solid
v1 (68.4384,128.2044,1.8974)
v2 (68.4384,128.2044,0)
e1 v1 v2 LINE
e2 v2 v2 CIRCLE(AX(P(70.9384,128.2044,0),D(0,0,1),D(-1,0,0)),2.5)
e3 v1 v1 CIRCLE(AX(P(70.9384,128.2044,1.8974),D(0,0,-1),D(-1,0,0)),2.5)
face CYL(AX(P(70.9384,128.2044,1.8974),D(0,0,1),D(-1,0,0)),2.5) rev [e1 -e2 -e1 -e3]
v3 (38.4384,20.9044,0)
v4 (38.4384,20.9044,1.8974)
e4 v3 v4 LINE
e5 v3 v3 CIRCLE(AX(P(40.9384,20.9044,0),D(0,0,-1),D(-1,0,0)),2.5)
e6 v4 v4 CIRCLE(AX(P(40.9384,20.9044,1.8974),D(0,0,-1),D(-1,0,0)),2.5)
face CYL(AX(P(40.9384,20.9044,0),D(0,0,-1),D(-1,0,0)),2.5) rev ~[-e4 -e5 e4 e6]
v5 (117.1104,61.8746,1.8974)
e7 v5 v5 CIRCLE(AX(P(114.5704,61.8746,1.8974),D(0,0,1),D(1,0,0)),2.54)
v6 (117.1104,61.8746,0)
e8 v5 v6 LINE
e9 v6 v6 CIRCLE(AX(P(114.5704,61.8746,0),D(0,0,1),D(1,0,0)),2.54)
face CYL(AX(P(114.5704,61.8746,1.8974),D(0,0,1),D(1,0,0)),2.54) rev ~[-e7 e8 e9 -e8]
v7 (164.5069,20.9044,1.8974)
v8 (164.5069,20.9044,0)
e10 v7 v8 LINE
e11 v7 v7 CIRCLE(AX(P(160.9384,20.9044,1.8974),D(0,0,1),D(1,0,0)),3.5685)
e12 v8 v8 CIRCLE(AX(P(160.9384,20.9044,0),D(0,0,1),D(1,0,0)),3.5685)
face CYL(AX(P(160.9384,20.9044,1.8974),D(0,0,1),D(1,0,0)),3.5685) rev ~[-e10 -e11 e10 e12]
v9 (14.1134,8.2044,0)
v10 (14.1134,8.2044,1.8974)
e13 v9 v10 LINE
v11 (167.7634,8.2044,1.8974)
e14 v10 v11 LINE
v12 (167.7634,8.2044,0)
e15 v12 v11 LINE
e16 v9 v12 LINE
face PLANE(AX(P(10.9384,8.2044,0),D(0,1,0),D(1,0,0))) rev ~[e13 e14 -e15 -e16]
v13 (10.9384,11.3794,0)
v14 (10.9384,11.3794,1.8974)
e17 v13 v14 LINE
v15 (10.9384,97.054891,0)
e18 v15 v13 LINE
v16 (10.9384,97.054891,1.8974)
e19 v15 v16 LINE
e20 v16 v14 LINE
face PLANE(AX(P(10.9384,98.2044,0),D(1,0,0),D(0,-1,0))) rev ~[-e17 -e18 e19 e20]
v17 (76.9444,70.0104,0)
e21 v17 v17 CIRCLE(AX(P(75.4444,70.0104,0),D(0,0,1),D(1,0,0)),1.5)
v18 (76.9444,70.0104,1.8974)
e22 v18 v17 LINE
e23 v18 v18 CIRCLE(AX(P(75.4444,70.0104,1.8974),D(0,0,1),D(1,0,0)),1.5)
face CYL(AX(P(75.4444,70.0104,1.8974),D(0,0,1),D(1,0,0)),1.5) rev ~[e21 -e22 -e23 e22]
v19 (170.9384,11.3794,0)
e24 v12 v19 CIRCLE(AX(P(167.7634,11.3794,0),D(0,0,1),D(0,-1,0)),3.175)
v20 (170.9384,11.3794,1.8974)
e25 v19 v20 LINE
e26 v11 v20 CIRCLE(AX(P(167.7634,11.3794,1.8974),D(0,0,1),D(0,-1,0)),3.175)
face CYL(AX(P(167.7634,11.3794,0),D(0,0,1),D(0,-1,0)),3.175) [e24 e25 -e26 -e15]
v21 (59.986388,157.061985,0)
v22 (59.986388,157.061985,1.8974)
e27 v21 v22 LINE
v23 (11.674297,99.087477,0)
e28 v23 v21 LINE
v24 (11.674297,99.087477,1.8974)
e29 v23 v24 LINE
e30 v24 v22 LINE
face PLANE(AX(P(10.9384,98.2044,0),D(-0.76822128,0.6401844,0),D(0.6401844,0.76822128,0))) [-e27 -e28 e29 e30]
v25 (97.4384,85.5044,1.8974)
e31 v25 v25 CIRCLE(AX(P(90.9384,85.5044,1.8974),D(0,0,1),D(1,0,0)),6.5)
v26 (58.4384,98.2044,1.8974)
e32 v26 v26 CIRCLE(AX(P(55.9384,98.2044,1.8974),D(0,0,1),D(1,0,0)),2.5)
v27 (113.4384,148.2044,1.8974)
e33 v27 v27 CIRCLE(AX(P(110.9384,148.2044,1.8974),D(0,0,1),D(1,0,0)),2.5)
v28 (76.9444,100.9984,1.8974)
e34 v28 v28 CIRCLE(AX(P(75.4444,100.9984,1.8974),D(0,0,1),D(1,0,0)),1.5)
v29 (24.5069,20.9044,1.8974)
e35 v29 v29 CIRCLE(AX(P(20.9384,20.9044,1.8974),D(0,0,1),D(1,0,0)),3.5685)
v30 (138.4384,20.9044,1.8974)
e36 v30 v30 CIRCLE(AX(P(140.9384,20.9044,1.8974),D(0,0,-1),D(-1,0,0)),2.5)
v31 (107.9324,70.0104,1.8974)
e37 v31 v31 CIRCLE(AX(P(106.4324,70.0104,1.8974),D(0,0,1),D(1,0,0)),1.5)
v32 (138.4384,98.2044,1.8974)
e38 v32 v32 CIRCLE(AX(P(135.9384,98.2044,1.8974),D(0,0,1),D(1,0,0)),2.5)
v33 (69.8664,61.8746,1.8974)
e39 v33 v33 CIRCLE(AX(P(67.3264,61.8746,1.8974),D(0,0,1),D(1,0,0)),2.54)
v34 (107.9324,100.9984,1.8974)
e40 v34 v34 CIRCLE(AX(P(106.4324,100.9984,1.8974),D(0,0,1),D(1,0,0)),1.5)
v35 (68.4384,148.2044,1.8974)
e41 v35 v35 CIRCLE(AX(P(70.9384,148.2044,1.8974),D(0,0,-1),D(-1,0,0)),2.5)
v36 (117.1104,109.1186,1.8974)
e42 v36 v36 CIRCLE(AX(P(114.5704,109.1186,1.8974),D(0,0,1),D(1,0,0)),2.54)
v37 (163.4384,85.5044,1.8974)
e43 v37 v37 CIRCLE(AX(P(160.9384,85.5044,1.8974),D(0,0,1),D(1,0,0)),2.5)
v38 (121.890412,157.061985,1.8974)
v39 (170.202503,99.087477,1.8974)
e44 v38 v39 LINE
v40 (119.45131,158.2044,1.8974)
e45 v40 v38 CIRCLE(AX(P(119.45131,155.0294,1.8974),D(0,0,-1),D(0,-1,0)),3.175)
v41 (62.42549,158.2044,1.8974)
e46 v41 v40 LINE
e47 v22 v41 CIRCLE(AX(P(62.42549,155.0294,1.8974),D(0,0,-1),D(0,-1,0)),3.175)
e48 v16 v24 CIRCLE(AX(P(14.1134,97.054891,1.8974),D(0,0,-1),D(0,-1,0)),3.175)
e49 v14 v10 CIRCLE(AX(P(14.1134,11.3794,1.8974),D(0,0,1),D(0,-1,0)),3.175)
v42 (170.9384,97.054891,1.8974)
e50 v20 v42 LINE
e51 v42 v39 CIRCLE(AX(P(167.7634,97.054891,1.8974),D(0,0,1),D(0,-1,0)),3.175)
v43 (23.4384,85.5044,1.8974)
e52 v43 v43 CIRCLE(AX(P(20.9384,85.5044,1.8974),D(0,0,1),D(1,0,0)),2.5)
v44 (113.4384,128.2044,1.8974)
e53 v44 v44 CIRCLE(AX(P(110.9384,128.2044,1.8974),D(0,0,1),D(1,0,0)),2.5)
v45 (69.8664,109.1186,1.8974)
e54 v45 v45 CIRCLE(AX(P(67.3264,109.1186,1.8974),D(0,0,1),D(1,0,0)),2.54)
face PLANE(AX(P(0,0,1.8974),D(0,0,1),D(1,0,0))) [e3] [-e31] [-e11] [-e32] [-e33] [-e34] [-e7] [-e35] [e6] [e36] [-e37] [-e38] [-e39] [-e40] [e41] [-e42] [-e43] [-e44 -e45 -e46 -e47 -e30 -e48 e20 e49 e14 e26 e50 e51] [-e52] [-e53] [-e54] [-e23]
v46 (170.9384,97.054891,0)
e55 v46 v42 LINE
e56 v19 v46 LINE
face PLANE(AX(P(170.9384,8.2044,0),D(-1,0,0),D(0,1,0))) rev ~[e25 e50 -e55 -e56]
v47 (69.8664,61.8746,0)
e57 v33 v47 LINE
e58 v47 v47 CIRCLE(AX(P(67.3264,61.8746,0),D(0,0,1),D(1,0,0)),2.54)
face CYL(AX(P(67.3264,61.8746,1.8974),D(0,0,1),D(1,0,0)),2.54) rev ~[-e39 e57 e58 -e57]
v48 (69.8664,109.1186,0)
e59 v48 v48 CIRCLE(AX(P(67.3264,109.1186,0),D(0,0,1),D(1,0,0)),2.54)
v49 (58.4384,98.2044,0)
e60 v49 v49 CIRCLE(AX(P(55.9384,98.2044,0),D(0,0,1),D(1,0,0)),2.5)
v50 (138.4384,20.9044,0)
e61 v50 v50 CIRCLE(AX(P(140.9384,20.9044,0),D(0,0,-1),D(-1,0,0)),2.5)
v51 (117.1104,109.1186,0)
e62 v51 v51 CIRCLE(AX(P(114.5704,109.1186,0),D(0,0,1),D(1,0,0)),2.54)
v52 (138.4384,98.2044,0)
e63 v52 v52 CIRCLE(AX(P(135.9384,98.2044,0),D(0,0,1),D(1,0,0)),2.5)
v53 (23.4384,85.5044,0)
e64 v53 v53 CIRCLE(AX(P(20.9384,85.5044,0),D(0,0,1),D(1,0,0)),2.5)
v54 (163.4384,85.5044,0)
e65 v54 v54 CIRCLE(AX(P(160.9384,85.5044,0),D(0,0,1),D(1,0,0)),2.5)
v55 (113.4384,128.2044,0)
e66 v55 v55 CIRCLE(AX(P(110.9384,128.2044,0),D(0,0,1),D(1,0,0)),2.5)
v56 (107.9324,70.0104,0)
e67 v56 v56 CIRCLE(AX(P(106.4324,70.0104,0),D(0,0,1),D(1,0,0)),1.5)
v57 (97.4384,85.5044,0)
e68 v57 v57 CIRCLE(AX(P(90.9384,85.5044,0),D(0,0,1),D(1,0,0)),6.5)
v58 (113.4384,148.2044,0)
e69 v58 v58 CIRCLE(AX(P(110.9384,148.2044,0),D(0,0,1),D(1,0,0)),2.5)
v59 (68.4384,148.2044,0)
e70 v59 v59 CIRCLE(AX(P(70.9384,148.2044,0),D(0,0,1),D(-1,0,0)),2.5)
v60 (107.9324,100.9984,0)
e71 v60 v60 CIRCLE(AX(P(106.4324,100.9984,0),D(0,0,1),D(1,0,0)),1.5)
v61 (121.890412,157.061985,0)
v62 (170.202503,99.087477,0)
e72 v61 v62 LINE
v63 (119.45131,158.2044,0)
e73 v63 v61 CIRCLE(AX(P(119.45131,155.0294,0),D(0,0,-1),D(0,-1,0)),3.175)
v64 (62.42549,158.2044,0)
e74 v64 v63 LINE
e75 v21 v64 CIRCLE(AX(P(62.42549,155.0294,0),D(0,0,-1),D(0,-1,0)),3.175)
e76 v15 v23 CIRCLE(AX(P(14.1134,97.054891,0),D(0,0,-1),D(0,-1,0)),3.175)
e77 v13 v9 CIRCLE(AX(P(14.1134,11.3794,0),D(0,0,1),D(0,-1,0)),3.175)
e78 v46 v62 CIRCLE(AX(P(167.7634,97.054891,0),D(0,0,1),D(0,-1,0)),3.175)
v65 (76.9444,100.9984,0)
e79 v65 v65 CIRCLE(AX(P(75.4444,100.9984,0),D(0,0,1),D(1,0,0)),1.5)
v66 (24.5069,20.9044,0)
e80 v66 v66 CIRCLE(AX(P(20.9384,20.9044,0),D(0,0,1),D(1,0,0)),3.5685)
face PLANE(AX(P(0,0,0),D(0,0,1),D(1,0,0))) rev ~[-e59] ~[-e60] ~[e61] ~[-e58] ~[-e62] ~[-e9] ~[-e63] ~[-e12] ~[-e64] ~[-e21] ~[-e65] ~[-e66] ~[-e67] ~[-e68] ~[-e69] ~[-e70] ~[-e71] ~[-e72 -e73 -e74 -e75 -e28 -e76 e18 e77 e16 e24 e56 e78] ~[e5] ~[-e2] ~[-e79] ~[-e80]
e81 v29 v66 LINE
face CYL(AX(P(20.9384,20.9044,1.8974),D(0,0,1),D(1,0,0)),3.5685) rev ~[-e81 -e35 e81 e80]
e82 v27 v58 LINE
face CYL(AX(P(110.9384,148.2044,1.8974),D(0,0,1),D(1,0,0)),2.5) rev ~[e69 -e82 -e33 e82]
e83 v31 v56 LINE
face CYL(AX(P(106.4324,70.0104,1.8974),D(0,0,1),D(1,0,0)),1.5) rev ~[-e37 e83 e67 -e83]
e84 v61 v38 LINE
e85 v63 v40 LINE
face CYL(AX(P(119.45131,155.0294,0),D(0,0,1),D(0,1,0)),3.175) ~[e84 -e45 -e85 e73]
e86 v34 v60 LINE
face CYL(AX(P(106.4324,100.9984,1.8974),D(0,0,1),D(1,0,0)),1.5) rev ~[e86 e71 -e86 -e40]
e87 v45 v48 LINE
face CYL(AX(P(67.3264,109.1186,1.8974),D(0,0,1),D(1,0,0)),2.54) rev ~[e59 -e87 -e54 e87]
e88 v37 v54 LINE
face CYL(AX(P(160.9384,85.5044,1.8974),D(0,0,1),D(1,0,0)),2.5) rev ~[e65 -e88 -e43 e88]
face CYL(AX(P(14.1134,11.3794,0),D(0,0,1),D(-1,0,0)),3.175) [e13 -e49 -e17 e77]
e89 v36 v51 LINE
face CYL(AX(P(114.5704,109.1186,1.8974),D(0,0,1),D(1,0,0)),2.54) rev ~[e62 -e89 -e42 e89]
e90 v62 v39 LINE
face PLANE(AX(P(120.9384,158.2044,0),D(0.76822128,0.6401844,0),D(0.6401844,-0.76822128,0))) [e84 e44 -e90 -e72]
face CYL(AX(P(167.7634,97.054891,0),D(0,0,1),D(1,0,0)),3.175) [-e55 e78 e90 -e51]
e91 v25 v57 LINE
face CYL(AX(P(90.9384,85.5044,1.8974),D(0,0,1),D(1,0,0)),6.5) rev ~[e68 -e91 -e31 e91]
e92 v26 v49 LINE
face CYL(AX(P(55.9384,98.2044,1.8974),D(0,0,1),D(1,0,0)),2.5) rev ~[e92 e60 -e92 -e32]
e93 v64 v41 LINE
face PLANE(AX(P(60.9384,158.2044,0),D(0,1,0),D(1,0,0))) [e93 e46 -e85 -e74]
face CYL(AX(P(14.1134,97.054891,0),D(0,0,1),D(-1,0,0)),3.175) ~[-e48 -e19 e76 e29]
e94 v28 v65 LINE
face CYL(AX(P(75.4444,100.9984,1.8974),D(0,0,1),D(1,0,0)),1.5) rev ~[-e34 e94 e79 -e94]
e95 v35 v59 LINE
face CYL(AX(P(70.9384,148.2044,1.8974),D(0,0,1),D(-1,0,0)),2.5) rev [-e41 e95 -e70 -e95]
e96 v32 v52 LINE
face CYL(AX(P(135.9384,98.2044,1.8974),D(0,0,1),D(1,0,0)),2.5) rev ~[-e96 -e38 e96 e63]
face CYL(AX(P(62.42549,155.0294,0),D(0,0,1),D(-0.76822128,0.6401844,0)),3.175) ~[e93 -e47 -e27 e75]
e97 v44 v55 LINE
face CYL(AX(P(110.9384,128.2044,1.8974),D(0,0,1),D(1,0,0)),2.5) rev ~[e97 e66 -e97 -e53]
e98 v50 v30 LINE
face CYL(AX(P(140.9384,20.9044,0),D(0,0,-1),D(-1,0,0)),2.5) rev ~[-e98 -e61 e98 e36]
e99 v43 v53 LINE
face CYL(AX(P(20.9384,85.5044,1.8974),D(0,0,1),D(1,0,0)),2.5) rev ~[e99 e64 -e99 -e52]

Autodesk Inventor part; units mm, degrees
ref_plane "YZ Plane" through (0, 0, 0) normal (1, 0, 0) x (0, 1, 0)
ref_plane "XZ Plane" through (0, 0, 0) normal (0, 1, 0) x (-1, 0, 0)
ref_plane "XY Plane" through (0, 0, 0) normal (0, 0, 1) x (1, 0, 0)
sketch "Sketch1" plane through (0, 0, 0) normal (0, 0, 1) x (1, 0, 0)
  line L0 (10.9384, 8.2044) -> (170.9384, 8.2044)
  line L1 (170.9384, 8.2044) -> (170.9384, 98.2044)
  line L2 (10.9384, 98.2044) -> (10.9384, 8.2044)
  line L3 (10.9384, 98.2044) -> (60.9384, 158.2044)
  line L4 (60.9384, 158.2044) -> (120.9384, 158.2044)
  line L5 (120.9384, 158.2044) -> (170.9384, 98.2044)
  dimension "d0" = 160
  dimension "d4" = 60
  dimension "d5" = 50
  dimension "d6" = 90
  dimension "d7" = 90
  dimension "d8" = 150
extrude "Extrusion1" add sketch "Sketch1" along normal blind 1.8974
sketch "Sketch2" plane through (0, 0, 1.8974) normal (0, 0, 1) x (1, 0, 0)
  line L0 (10.9384, 8.2044) -> (10.9384, 98.2044) projected
  line L1 (170.9384, 8.2044) -> (10.9384, 8.2044) projected
  circle A0 centre (20.9384, 20.9044) radius 3.5685
  circle A1 centre (20.9384, 85.5044) radius 2.5
  dimension "d11" = 7.137
  dimension "d12" = 12.7
  dimension "d13" = 10
  dimension "d14" = 10
  dimension "d15" = 64.6
  dimension "d16" = 5
extrude "Extrusion2" cut sketch "Sketch2" against normal through all
pattern_linear "Rectangular Pattern1" count 2 spacing 140 along (1, 0, 0) of "Extrusion2"
sketch "Sketch3" plane through (0, 0, 1.8974) normal (0, 0, 1) x (1, 0, 0)
  line L0 (10.9384, 8.2044) -> (10.9384, 98.2044) projected
  line L1 (170.9384, 8.2044) -> (10.9384, 8.2044) projected
  circle A0 centre (90.9384, 85.5044) radius 6.5
  circle A1 centre (75.4444, 70.0104) radius 1.5
  circle A2 centre (106.4324, 70.0104) radius 1.5
  circle A3 centre (75.4444, 100.9984) radius 1.5
  circle A4 centre (106.4324, 100.9984) radius 1.5
  dimension "d22" = 13
  dimension "d23" = 80
  dimension "d24" = 77.3
  dimension "d27" = 3
  dimension "d28" = 61.806
  dimension "d29" = 64.506
  dimension "d30" = 3
  dimension "d31" = 61.806
  dimension "d32" = 95.494
  dimension "d33" = 3
  dimension "d34" = 3
  dimension "d35" = 64.506
  dimension "d36" = 92.794
  dimension "d37" = 92.794
  dimension "d38" = 95.494
extrude "Extrusion3" cut sketch "Sketch3" against normal through all
sketch "Sketch4" plane through (0, 0, 1.8974) normal (0, 0, 1) x (1, 0, 0)
  circle A0 centre (160.9384, 85.5044) radius 2.5 projected
  circle A1 centre (20.9384, 85.5044) radius 2.5 projected
  line L0 (10.9384, 8.2044) -> (10.9384, 98.2044) projected
  line L1 (170.9384, 98.2044) -> (170.9384, 8.2044) projected
  circle A2 centre (55.9384, 98.2044) radius 2.5
  circle A3 centre (135.9384, 98.2044) radius 2.5
  dimension "d39" = 45
  dimension "d40" = 12.7
  dimension "d41" = 5
  dimension "d42" = 35
  dimension "d43" = 12.7
  dimension "d44" = 5
extrude "Extrusion4" cut sketch "Sketch4" against normal through all contours A2 | A3
sketch "Sketch5" plane through (0, 0, 1.8974) normal (0, 0, 1) x (1, 0, 0)
  line L0 (60.9384, 158.2044) -> (120.9384, 158.2044) projected
  circle A0 centre (110.9384, 148.2044) radius 2.5
  circle A1 centre (110.9384, 128.2044) radius 2.5
  dimension "d47" = 10
  dimension "d48" = 10
  dimension "d49" = 20
  dimension "d50" = 10
  dimension "d51" = 5
  dimension "d52" = 5
extrude "Extrusion5" cut sketch "Sketch5" against normal through all
sketch "Sketch6" plane through (0, 0, 1.8974) normal (0, 0, 1) x (1, 0, 0)
  line L0 (10.9384, 8.2044) -> (10.9384, 98.2044) projected
  line L1 (170.9384, 8.2044) -> (10.9384, 8.2044) projected
  circle A0 centre (67.3264, 61.8746) radius 2.54
  dimension "d55" = 56.388
  dimension "d56" = 53.6702
  dimension "d57" = 5.08
extrude "Extrusion6" cut sketch "Sketch6" against normal through all
pattern_linear "Rectangular Pattern2" count 2 spacing 47.244 along (1, 0, 0) count 2 spacing 47.244 along (0, 1, 0) of "Extrusion6"
fillet "Fillet2" radius 3.175 6 edges at (120.9384, 158.2044, 0.9487) (60.9384, 158.2044, 0.9487) (170.9384, 98.2044, 0.9487) (170.9384, 8.2044, 0.9487) (10.9384, 98.2044, 0.9487) (10.9384, 8.2044, 0.9487)
sketch "Sketch7" plane through (0, 0, 0) normal (0, 0, -1) x (-1, 0, 0)
  line L0 (-10.9384, 97.0549) -> (-10.9384, 11.3794) projected
  line L1 (-170.9384, 11.3794) -> (-170.9384, 97.0549) projected
  line L2 (-14.1134, 8.2044) -> (-167.7634, 8.2044) projected
  circle A0 centre (-140.9384, 20.9044) radius 2.5
  circle A1 centre (-40.9384, 20.9044) radius 2.5
  dimension "d68" = 5
  dimension "d69" = 12.7
  dimension "d70" = 30
  dimension "d71" = 5
  dimension "d72" = 30
  dimension "d73" = 12.7
extrude "Extrusion7" cut sketch "Sketch7" against normal through all
ref_plane "Work Plane1" through (90.9384, 158.2044, 1.8974) normal (0, 0, 1) x (1, 0, 0)
ref_plane "Work Plane2" through (90.9384, 158.2044, 1.8974) normal (-1, 0, 0) x (0, 0, 1)
mirror "Mirror1" about plane through (90.9384, 158.2044, 1.8974) normal (-1, 0, 0) of "Extrusion5"
equation "\"d7\" = d6"
equation "\"d30\" = d27"
equation "\"d31\" = d28"
equation "\"d33\" = d27"
equation "\"d34\" = d27"
equation "\"d35\" = d29"
equation "\"d50\" = d48"
properties part number "SM-S01" material "Steel, Mild"
